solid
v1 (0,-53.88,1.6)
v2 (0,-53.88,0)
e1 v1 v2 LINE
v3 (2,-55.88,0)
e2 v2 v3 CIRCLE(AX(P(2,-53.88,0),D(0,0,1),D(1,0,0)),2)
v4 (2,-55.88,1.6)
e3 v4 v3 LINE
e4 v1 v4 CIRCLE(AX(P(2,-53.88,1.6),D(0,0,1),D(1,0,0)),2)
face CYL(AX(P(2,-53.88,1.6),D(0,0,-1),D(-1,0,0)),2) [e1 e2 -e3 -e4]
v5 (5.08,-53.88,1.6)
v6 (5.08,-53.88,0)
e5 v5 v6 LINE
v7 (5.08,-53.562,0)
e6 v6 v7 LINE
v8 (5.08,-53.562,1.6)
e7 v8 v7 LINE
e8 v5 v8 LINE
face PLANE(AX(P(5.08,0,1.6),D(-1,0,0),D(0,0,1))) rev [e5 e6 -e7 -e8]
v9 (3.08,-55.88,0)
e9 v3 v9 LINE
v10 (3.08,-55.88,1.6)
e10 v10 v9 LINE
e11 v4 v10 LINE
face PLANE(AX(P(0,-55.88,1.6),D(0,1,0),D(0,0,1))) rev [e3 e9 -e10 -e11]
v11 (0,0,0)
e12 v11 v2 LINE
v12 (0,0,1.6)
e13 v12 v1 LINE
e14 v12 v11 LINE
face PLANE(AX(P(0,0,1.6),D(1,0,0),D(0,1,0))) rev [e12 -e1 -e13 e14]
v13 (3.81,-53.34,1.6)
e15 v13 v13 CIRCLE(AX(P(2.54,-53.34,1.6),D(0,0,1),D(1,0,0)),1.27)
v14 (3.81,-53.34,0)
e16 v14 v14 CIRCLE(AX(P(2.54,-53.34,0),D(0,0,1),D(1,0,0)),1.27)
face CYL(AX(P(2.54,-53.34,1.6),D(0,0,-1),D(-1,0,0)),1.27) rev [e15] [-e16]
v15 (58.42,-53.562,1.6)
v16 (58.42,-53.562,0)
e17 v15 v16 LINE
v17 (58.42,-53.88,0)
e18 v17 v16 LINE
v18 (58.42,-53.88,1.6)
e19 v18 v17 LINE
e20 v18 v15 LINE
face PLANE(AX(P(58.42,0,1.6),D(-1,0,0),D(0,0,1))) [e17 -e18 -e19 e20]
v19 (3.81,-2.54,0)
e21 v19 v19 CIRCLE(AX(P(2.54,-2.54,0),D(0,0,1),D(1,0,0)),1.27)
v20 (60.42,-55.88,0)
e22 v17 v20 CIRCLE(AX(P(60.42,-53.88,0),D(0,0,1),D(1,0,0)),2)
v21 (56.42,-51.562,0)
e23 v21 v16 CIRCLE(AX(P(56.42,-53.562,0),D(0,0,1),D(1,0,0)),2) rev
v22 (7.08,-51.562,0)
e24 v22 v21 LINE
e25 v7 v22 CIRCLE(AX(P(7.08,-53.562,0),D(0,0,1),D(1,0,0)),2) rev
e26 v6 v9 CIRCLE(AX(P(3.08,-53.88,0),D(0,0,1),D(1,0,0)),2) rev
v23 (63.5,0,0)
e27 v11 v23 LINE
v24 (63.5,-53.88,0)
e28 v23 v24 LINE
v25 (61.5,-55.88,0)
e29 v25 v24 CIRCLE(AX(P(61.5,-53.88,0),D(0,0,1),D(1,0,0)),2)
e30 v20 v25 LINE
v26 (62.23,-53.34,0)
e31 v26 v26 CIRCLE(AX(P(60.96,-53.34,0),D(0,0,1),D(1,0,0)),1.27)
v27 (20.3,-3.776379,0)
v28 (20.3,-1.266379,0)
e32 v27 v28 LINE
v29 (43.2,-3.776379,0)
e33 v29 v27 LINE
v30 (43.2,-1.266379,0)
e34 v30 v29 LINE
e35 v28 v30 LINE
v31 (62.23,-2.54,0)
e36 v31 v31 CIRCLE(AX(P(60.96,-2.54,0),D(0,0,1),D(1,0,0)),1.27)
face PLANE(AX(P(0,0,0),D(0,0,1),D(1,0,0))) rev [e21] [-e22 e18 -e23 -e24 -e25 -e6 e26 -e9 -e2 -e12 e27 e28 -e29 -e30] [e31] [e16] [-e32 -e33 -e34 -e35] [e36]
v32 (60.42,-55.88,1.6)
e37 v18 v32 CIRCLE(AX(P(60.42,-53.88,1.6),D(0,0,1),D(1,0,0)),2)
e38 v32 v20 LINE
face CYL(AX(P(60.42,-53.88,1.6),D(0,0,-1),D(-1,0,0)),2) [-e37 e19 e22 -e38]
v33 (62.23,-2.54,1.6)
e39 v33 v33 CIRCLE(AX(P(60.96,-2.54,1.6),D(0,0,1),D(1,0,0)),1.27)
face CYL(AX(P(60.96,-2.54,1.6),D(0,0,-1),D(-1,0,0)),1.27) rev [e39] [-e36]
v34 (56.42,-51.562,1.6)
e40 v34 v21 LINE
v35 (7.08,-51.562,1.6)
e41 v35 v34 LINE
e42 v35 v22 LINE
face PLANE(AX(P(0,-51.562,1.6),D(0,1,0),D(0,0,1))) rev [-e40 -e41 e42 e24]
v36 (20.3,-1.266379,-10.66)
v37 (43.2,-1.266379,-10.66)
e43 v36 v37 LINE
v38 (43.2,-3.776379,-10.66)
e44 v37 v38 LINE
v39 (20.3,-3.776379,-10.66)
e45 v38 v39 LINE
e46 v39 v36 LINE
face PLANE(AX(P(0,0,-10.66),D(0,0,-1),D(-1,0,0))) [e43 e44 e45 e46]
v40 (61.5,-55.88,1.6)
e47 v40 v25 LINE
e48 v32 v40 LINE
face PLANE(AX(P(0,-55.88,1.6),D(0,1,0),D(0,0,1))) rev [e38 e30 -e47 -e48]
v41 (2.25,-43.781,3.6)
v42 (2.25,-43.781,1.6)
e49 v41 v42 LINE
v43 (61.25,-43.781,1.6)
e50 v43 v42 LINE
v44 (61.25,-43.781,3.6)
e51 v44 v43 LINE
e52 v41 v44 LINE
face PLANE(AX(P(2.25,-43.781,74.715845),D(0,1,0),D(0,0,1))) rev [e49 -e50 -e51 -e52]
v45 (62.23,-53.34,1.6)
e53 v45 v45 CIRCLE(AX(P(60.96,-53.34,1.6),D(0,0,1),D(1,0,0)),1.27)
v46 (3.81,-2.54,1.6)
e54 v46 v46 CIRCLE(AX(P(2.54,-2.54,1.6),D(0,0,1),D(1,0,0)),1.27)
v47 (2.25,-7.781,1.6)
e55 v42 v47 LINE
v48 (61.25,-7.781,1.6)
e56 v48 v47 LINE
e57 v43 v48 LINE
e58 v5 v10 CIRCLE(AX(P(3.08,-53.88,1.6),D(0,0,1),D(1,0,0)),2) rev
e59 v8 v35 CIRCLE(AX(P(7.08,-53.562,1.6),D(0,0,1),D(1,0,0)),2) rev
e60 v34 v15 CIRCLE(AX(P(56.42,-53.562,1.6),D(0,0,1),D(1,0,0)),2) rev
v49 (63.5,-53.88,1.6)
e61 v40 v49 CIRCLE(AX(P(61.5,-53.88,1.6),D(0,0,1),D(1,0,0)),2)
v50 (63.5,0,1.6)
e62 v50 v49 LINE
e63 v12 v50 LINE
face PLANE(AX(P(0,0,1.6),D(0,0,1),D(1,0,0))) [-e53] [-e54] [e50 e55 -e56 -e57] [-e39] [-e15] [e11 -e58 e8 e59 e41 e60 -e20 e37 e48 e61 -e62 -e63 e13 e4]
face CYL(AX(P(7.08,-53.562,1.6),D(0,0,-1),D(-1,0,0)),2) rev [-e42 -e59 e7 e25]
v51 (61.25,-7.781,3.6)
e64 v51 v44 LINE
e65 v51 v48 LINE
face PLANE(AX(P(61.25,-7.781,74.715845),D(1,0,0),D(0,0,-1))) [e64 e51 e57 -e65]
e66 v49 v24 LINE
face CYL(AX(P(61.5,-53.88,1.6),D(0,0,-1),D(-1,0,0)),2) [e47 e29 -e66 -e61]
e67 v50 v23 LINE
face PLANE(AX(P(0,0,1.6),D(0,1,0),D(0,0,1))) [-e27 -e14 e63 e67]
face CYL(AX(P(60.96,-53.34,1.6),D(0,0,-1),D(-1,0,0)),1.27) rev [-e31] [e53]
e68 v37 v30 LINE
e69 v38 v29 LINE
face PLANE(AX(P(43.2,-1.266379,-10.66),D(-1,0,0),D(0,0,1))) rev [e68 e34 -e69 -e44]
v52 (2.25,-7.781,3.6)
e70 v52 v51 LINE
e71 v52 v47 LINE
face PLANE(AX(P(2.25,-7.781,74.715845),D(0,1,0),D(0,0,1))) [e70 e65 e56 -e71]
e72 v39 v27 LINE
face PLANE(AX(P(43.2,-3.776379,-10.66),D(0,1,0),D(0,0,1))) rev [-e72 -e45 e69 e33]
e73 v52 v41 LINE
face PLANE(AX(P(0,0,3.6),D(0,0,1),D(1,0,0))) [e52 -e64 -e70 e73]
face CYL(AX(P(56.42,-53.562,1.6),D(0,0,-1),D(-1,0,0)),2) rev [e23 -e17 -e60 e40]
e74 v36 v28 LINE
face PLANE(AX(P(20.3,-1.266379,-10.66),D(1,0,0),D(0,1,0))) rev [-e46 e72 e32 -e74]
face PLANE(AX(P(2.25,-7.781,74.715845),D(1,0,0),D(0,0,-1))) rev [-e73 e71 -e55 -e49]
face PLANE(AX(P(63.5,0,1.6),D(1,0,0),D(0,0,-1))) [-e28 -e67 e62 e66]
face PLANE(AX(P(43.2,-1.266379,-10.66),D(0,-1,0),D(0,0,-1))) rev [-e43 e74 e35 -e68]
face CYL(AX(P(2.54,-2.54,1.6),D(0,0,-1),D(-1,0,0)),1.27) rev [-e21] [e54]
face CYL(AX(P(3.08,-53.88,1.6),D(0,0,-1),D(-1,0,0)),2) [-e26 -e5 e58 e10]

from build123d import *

# Parameters (mm, degrees)
SKETCH1_R           = 1.27
SKETCH1_W           = 59
SKETCH1_H           = 36
BOSS_EXTRUDE1_DEPTH = 1.6
SKETCH1_4_W         = 59
SKETCH1_4_H         = 36
BOSS_EXTRUDE2_DEPTH = 3.6
SKETCH2_W           = 22.9
SKETCH2_H           = 2.51
BOSS_EXTRUDE3_DEPTH = 10.66


with BuildPart() as part:
    # Sketch1 → Boss-Extrude1 (new body)
    # profile 1 of 2: a face of its own
    with BuildSketch(Plane.XY):
        with BuildLine():
            Line((0, 0), (0, -53.88))
            ThreePointArc((0, -53.88), (0.585786438, -55.294213562), (2, -55.88))
            Line((2, -55.88), (3.08, -55.88))
            ThreePointArc((3.08, -55.88), (4.494213562, -55.294213562), (5.08, -53.88))
            Line((5.08, -53.88), (5.08, -53.562))
            ThreePointArc((5.08, -53.562), (5.665786438, -52.147786438), (7.08, -51.562))
            Line((7.08, -51.562), (56.42, -51.562))
            ThreePointArc((56.42, -51.562), (57.834213562, -52.147786438), (58.42, -53.562))
            Line((58.42, -53.562), (58.42, -53.88))
            ThreePointArc((58.42, -53.88), (59.005786438, -55.294213562), (60.42, -55.88))
            Line((60.42, -55.88), (61.5, -55.88))
            ThreePointArc((61.5, -55.88), (62.914213562, -55.294213562), (63.5, -53.88))
            Line((63.5, -53.88), (63.5, 0))
            Line((63.5, 0), (0, 0))
        make_face()
        with Locations((2.54, -2.54)):
            Circle(SKETCH1_R, mode=Mode.SUBTRACT)
        with Locations((60.96, -2.54)):
            Circle(SKETCH1_R, mode=Mode.SUBTRACT)
        with Locations((60.96, -53.34)):
            Circle(SKETCH1_R, mode=Mode.SUBTRACT)
        with Locations((2.54, -53.34)):
            Circle(SKETCH1_R, mode=Mode.SUBTRACT)
        with Locations((31.75, -25.781)):
            Rectangle(SKETCH1_W, SKETCH1_H, mode=Mode.SUBTRACT)
    # profile 2 of 2: a face of its own
    with BuildSketch(Plane.XY):
        with Locations((31.75, -25.781)):
            Rectangle(SKETCH1_W, SKETCH1_H)
    extrude(amount=BOSS_EXTRUDE1_DEPTH)

    # Sketch1<4> → Boss-Extrude2 (add)
    with BuildSketch(Plane.XY):
        with Locations((31.75, -25.781)):
            Rectangle(SKETCH1_4_W, SKETCH1_4_H)
    extrude(amount=BOSS_EXTRUDE2_DEPTH)

    # Sketch2 → Boss-Extrude3 (add)
    with BuildSketch(Plane(origin=(0, 0, 0), x_dir=(-1, 0, 0), z_dir=(0, 0, -1))):
        with Locations((-31.75, -2.521379288)):
            Rectangle(SKETCH2_W, SKETCH2_H)
    extrude(amount=BOSS_EXTRUDE3_DEPTH)


solid = part.part
